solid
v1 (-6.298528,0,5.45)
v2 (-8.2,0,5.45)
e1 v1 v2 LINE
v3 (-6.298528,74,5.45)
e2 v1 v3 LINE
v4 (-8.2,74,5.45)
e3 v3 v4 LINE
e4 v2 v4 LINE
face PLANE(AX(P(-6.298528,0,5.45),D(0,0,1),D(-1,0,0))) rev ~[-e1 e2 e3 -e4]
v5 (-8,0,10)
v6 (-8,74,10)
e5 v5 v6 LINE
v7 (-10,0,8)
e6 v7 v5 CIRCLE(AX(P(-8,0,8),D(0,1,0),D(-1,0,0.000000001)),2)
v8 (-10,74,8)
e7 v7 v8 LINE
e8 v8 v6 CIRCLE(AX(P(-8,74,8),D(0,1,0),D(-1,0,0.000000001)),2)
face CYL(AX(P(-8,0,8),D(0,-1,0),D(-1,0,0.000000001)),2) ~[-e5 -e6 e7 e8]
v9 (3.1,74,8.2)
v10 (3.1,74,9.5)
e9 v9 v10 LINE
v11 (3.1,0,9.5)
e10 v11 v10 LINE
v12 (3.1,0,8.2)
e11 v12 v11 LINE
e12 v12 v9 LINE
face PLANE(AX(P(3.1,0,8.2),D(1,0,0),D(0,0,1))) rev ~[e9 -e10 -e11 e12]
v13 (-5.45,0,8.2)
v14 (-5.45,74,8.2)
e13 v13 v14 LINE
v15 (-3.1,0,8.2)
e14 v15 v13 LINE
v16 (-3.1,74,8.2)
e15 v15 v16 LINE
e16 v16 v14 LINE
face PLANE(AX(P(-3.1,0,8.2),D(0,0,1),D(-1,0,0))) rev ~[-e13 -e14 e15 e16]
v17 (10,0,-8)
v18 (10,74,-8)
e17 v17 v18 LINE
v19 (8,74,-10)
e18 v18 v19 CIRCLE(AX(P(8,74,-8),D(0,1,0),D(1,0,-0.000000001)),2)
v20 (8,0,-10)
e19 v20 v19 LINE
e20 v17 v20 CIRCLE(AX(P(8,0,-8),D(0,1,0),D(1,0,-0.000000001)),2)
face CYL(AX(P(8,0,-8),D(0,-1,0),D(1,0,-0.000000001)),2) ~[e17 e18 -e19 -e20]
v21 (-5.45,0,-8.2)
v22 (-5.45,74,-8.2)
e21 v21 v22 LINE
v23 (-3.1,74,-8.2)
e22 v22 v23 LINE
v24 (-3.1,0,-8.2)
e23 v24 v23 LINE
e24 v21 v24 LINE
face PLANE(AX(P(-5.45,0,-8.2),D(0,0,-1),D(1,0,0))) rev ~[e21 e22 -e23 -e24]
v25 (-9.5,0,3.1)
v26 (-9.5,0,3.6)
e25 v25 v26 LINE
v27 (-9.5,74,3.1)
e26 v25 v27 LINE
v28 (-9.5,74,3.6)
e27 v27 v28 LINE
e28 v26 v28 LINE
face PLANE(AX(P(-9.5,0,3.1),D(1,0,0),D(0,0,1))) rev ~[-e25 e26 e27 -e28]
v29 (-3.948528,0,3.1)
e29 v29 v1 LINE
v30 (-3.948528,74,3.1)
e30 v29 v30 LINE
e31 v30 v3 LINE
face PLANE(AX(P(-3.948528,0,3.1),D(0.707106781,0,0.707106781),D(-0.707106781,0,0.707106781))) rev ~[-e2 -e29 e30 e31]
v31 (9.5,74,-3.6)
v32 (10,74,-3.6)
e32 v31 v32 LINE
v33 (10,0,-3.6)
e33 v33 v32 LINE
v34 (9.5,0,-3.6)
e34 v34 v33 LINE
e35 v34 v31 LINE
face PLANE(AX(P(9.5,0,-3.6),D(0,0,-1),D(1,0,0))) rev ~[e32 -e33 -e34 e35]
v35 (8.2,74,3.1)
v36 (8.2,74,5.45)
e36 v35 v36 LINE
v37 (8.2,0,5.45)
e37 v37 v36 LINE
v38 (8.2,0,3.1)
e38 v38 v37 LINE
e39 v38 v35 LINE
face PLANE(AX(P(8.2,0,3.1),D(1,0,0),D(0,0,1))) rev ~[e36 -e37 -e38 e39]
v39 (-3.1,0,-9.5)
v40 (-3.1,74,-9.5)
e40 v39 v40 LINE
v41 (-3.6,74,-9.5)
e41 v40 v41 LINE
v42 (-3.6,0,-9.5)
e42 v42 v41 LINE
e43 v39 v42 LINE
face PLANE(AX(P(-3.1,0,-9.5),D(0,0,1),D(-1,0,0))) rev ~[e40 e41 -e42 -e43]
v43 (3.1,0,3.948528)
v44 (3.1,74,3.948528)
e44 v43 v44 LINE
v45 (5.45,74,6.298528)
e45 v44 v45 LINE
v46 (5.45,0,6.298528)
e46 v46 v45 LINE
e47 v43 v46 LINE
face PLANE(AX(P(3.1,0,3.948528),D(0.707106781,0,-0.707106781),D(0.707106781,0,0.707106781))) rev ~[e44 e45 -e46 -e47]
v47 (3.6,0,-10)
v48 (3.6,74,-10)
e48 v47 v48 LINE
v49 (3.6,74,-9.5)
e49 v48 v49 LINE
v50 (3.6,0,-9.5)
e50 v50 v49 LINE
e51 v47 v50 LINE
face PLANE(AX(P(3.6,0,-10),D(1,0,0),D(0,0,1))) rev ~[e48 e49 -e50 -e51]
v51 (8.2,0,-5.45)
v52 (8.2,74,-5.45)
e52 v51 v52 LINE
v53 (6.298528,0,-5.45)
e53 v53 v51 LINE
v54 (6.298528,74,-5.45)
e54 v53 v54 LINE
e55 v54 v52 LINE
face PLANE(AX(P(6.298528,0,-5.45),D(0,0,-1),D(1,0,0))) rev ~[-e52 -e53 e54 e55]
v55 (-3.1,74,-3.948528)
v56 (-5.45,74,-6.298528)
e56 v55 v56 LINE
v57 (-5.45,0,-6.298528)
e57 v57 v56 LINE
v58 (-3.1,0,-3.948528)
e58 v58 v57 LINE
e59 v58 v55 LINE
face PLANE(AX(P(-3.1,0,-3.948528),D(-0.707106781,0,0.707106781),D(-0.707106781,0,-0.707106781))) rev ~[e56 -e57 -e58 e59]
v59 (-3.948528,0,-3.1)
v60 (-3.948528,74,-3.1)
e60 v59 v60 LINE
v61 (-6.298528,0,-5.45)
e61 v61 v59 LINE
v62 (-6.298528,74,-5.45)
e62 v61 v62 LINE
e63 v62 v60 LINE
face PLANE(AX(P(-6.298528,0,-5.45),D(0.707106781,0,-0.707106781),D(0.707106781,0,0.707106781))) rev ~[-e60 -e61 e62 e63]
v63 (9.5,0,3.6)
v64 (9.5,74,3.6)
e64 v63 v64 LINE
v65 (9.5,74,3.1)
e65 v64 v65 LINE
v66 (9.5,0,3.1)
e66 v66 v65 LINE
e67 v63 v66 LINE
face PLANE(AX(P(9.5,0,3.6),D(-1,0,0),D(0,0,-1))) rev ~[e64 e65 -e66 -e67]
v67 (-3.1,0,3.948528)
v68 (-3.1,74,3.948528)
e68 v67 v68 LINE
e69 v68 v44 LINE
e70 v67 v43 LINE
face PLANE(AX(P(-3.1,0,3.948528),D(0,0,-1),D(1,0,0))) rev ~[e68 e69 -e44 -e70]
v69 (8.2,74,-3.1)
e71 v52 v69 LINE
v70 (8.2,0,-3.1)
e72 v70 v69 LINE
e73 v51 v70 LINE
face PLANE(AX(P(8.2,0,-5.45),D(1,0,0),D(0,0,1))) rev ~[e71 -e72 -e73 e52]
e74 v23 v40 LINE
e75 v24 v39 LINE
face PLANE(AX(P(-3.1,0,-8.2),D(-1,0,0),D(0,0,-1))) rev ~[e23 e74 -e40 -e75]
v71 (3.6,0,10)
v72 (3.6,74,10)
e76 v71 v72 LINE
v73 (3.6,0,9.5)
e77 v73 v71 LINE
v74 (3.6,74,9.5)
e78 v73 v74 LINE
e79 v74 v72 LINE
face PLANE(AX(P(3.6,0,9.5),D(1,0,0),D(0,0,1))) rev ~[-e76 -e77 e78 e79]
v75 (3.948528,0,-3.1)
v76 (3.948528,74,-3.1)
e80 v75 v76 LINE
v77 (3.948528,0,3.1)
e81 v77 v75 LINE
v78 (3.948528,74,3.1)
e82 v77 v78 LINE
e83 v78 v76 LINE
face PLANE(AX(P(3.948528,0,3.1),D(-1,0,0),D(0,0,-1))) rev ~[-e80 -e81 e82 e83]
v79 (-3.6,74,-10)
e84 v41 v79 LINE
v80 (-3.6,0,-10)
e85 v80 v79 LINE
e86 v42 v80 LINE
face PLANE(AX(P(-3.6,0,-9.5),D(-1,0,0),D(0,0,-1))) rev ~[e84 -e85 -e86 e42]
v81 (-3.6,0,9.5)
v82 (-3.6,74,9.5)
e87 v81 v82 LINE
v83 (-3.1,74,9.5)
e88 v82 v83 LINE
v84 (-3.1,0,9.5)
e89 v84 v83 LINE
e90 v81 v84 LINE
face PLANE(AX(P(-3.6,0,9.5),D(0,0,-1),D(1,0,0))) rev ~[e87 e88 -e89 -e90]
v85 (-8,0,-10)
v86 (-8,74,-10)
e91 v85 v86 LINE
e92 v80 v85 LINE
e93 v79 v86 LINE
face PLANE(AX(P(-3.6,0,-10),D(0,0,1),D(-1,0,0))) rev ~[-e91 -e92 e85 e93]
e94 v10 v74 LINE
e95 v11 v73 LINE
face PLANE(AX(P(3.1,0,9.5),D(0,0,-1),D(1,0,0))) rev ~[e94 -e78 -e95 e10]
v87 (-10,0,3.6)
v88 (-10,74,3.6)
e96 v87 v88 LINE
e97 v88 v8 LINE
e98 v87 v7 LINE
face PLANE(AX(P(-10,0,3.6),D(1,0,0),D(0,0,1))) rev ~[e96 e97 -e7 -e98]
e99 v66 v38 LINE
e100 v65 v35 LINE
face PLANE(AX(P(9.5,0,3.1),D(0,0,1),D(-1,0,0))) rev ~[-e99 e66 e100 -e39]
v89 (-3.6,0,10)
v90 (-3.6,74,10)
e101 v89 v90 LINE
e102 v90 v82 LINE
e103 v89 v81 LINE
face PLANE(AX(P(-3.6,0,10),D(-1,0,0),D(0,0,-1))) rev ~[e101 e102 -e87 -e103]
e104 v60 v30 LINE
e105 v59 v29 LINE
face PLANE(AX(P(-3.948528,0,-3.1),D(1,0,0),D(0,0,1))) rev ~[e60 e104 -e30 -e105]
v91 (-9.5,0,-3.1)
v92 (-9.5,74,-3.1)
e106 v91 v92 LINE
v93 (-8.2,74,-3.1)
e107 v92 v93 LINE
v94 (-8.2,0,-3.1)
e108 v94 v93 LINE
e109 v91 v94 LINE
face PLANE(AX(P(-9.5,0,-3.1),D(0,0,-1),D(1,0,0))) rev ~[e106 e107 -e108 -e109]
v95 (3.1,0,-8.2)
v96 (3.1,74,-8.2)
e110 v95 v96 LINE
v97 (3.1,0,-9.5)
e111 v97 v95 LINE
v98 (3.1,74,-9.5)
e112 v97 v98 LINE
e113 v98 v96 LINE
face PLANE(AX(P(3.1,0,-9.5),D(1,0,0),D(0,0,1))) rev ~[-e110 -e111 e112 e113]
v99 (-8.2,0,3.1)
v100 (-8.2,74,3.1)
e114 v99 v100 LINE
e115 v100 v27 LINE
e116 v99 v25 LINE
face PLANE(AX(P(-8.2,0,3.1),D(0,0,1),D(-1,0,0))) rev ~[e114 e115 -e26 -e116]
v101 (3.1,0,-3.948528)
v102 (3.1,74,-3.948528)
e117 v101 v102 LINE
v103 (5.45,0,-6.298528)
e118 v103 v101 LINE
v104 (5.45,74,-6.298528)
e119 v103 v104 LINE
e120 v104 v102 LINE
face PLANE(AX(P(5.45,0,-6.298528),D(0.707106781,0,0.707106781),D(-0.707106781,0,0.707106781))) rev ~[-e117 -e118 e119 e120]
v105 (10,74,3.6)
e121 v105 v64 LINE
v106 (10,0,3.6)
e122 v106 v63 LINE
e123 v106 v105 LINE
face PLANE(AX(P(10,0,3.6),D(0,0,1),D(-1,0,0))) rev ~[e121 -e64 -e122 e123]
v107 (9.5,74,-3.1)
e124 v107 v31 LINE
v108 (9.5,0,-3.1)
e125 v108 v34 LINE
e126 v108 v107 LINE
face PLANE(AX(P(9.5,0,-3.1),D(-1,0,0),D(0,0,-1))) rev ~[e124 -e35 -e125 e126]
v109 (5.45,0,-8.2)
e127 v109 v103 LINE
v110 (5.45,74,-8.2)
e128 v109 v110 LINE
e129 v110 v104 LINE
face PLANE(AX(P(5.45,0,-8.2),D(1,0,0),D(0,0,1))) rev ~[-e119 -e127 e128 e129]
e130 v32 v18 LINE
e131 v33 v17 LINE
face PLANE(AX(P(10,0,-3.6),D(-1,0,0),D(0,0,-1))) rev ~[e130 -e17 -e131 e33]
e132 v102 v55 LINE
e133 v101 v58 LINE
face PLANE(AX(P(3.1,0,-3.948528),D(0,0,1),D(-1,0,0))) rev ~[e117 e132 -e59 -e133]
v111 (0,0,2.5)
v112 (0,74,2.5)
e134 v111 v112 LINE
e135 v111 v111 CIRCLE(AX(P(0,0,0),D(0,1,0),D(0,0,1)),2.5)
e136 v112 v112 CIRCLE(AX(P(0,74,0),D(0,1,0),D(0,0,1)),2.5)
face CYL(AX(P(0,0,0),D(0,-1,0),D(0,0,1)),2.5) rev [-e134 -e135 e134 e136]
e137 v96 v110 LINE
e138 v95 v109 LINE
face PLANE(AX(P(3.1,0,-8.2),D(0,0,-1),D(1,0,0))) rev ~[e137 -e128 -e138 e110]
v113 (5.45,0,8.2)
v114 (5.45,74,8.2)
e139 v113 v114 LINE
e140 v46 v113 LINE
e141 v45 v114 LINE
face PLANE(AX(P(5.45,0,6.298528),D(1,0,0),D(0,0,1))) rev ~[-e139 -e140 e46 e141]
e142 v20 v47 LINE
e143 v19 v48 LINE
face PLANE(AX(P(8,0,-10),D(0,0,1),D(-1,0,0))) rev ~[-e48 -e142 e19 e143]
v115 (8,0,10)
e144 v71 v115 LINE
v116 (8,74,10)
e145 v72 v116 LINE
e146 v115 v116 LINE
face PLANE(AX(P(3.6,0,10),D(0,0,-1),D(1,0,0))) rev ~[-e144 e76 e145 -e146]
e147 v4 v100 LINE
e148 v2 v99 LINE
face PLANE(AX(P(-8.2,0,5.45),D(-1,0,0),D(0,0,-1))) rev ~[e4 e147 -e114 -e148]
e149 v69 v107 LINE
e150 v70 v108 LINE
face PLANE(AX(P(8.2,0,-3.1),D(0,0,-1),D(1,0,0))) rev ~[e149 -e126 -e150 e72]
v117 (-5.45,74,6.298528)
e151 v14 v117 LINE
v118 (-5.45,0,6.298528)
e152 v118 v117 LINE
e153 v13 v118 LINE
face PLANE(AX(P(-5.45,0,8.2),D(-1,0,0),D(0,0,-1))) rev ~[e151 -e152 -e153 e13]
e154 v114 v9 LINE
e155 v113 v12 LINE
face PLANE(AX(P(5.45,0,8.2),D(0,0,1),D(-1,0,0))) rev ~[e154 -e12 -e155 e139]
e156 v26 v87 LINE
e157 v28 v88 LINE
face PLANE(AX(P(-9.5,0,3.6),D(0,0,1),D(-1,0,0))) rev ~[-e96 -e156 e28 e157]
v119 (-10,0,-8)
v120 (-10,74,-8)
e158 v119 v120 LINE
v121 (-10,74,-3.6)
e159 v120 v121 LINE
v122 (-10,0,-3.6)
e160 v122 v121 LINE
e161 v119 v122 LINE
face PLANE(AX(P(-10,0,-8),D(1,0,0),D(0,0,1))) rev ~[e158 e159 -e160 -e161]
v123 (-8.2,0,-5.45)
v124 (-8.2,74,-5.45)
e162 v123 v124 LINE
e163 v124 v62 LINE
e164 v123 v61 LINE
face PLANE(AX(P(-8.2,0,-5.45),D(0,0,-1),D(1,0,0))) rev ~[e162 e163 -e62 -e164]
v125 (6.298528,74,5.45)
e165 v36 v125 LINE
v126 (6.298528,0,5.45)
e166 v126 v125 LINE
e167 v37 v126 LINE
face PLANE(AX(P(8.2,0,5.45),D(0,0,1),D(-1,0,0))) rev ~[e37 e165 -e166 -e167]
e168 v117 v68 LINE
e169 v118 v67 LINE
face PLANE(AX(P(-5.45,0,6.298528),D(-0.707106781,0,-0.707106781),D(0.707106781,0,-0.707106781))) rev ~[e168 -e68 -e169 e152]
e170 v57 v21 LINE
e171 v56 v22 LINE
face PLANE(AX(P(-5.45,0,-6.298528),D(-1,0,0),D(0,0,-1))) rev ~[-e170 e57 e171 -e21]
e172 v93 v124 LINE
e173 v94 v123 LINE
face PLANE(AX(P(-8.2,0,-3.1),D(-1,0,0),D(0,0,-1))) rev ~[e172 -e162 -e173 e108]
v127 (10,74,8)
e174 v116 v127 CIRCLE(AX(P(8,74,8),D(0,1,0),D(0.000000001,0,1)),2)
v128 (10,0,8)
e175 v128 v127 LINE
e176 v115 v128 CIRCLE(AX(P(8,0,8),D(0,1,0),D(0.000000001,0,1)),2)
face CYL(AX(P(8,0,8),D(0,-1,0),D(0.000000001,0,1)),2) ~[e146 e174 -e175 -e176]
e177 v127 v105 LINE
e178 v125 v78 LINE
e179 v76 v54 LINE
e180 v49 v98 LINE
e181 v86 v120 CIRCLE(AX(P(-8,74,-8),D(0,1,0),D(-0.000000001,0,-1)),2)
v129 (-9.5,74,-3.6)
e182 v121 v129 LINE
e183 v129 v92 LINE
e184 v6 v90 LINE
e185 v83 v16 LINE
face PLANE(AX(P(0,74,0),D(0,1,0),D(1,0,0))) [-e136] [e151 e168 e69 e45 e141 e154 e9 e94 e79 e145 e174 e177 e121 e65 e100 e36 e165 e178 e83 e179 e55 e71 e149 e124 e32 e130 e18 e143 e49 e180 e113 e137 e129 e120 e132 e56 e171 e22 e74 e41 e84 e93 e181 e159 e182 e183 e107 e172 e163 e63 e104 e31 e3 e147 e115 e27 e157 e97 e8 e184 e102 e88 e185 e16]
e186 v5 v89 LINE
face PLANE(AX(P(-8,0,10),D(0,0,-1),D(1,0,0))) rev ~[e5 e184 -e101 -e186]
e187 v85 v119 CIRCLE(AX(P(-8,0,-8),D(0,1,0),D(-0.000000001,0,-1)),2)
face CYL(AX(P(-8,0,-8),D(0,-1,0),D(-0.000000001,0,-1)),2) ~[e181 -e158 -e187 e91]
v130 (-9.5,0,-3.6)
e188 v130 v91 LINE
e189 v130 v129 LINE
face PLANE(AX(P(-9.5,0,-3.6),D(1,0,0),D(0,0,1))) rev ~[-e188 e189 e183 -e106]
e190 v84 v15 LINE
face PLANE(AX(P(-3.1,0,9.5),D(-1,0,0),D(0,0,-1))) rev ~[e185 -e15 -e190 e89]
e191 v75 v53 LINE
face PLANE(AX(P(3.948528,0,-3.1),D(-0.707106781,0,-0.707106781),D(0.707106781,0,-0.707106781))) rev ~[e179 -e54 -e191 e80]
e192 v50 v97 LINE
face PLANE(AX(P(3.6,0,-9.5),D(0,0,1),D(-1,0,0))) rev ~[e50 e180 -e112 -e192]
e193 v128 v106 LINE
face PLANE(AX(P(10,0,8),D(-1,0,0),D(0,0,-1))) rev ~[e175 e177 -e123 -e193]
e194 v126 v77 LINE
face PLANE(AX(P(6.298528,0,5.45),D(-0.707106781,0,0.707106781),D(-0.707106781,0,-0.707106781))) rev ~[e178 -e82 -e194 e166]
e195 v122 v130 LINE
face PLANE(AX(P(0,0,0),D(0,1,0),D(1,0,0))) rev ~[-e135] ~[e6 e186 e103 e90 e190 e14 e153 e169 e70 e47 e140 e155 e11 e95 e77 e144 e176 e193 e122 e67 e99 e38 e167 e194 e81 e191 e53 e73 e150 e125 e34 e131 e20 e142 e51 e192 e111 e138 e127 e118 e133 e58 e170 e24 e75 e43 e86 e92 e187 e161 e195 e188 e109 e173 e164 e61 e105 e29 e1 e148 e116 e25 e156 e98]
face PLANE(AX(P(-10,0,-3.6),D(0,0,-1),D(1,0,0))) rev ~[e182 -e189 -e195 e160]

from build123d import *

# Parameters (mm, degrees)
SKETCH_1_R      = 2.5
EXTRUDE_1_DEPTH = 74


with BuildPart() as part:
    # 草图1 → 凸台-拉伸1 (new body)
    with BuildSketch(Plane(origin=(0, 0, 0), x_dir=(1, 0, 0), z_dir=(0, 1, 0))):
        with BuildLine():
            Line((-3.948528137, -3.1), (-6.298528137, -5.45))
            Line((-6.298528137, -5.45), (-8.2, -5.45))
            Line((-8.2, -5.45), (-8.2, -3.1))
            Line((-8.2, -3.1), (-9.5, -3.1))
            Line((-9.5, -3.1), (-9.5, -3.6))
            Line((-9.5, -3.6), (-10, -3.6))
            Line((-10, -3.6), (-10, -8))
            ThreePointArc((-10, -8), (-9.414213562, -9.414213562), (-8, -10))
            Line((-8, -10), (-3.6, -10))
            Line((-3.6, -10), (-3.6, -9.5))
            Line((-3.6, -9.5), (-3.1, -9.5))
            Line((-3.1, -9.5), (-3.1, -8.2))
            Line((-3.1, -8.2), (-5.45, -8.2))
            Line((-5.45, -8.2), (-5.45, -6.298528137))
            Line((-5.45, -6.298528137), (-3.1, -3.948528137))
            Line((-3.1, -3.948528137), (0, -3.948528137))
            Line((0, -3.948528137), (3.1, -3.948528137))
            Line((3.1, -3.948528137), (5.45, -6.298528137))
            Line((5.45, -6.298528137), (5.45, -8.2))
            Line((5.45, -8.2), (3.1, -8.2))
            Line((3.1, -8.2), (3.1, -9.5))
            Line((3.1, -9.5), (3.6, -9.5))
            Line((3.6, -9.5), (3.6, -10))
            Line((3.6, -10), (8, -10))
            ThreePointArc((8, -10), (9.414213562, -9.414213562), (10, -8))
            Line((10, -8), (10, -3.6))
            Line((10, -3.6), (9.5, -3.6))
            Line((9.5, -3.6), (9.5, -3.1))
            Line((9.5, -3.1), (8.2, -3.1))
            Line((8.2, -3.1), (8.2, -5.45))
            Line((8.2, -5.45), (6.298528137, -5.45))
            Line((6.298528137, -5.45), (3.948528137, -3.1))
            Line((3.948528137, -3.1), (3.948528137, 0))
            Line((3.948528137, 0), (3.948528137, 3.1))
            Line((3.948528137, 3.1), (6.298528137, 5.45))
            Line((6.298528137, 5.45), (8.2, 5.45))
            Line((8.2, 5.45), (8.2, 3.1))
            Line((8.2, 3.1), (9.5, 3.1))
            Line((9.5, 3.1), (9.5, 3.6))
            Line((9.5, 3.6), (10, 3.6))
            Line((10, 3.6), (10, 8))
            ThreePointArc((10, 8), (9.414213562, 9.414213562), (8, 10))
            Line((8, 10), (3.6, 10))
            Line((3.6, 10), (3.6, 9.5))
            Line((3.6, 9.5), (3.1, 9.5))
            Line((3.1, 9.5), (3.1, 8.2))
            Line((3.1, 8.2), (5.45, 8.2))
            Line((5.45, 8.2), (5.45, 6.298528137))
            Line((5.45, 6.298528137), (3.1, 3.948528137))
            Line((3.1, 3.948528137), (0, 3.948528137))
            Line((0, 3.948528137), (-3.1, 3.948528137))
            Line((-3.1, 3.948528137), (-5.45, 6.298528137))
            Line((-5.45, 6.298528137), (-5.45, 8.2))
            Line((-5.45, 8.2), (-3.1, 8.2))
            Line((-3.1, 8.2), (-3.1, 9.5))
            Line((-3.1, 9.5), (-3.6, 9.5))
            Line((-3.6, 9.5), (-3.6, 10))
            Line((-3.6, 10), (-8, 10))
            ThreePointArc((-8, 10), (-9.414213562, 9.414213562), (-10, 8))
            Line((-10, 8), (-10, 3.6))
            Line((-10, 3.6), (-9.5, 3.6))
            Line((-9.5, 3.6), (-9.5, 3.1))
            Line((-9.5, 3.1), (-8.2, 3.1))
            Line((-8.2, 3.1), (-8.2, 5.45))
            Line((-8.2, 5.45), (-6.298528137, 5.45))
            Line((-6.298528137, 5.45), (-3.948528137, 3.1))
            Line((-3.948528137, 3.1), (-3.948528137, 0))
            Line((-3.948528137, 0), (-3.948528137, -3.1))
        make_face()
        with Locations(Location((0, 0, 0), (0, 0, 270))):
            Circle(SKETCH_1_R, mode=Mode.SUBTRACT)
    extrude(amount=EXTRUDE_1_DEPTH)


solid = part.part
